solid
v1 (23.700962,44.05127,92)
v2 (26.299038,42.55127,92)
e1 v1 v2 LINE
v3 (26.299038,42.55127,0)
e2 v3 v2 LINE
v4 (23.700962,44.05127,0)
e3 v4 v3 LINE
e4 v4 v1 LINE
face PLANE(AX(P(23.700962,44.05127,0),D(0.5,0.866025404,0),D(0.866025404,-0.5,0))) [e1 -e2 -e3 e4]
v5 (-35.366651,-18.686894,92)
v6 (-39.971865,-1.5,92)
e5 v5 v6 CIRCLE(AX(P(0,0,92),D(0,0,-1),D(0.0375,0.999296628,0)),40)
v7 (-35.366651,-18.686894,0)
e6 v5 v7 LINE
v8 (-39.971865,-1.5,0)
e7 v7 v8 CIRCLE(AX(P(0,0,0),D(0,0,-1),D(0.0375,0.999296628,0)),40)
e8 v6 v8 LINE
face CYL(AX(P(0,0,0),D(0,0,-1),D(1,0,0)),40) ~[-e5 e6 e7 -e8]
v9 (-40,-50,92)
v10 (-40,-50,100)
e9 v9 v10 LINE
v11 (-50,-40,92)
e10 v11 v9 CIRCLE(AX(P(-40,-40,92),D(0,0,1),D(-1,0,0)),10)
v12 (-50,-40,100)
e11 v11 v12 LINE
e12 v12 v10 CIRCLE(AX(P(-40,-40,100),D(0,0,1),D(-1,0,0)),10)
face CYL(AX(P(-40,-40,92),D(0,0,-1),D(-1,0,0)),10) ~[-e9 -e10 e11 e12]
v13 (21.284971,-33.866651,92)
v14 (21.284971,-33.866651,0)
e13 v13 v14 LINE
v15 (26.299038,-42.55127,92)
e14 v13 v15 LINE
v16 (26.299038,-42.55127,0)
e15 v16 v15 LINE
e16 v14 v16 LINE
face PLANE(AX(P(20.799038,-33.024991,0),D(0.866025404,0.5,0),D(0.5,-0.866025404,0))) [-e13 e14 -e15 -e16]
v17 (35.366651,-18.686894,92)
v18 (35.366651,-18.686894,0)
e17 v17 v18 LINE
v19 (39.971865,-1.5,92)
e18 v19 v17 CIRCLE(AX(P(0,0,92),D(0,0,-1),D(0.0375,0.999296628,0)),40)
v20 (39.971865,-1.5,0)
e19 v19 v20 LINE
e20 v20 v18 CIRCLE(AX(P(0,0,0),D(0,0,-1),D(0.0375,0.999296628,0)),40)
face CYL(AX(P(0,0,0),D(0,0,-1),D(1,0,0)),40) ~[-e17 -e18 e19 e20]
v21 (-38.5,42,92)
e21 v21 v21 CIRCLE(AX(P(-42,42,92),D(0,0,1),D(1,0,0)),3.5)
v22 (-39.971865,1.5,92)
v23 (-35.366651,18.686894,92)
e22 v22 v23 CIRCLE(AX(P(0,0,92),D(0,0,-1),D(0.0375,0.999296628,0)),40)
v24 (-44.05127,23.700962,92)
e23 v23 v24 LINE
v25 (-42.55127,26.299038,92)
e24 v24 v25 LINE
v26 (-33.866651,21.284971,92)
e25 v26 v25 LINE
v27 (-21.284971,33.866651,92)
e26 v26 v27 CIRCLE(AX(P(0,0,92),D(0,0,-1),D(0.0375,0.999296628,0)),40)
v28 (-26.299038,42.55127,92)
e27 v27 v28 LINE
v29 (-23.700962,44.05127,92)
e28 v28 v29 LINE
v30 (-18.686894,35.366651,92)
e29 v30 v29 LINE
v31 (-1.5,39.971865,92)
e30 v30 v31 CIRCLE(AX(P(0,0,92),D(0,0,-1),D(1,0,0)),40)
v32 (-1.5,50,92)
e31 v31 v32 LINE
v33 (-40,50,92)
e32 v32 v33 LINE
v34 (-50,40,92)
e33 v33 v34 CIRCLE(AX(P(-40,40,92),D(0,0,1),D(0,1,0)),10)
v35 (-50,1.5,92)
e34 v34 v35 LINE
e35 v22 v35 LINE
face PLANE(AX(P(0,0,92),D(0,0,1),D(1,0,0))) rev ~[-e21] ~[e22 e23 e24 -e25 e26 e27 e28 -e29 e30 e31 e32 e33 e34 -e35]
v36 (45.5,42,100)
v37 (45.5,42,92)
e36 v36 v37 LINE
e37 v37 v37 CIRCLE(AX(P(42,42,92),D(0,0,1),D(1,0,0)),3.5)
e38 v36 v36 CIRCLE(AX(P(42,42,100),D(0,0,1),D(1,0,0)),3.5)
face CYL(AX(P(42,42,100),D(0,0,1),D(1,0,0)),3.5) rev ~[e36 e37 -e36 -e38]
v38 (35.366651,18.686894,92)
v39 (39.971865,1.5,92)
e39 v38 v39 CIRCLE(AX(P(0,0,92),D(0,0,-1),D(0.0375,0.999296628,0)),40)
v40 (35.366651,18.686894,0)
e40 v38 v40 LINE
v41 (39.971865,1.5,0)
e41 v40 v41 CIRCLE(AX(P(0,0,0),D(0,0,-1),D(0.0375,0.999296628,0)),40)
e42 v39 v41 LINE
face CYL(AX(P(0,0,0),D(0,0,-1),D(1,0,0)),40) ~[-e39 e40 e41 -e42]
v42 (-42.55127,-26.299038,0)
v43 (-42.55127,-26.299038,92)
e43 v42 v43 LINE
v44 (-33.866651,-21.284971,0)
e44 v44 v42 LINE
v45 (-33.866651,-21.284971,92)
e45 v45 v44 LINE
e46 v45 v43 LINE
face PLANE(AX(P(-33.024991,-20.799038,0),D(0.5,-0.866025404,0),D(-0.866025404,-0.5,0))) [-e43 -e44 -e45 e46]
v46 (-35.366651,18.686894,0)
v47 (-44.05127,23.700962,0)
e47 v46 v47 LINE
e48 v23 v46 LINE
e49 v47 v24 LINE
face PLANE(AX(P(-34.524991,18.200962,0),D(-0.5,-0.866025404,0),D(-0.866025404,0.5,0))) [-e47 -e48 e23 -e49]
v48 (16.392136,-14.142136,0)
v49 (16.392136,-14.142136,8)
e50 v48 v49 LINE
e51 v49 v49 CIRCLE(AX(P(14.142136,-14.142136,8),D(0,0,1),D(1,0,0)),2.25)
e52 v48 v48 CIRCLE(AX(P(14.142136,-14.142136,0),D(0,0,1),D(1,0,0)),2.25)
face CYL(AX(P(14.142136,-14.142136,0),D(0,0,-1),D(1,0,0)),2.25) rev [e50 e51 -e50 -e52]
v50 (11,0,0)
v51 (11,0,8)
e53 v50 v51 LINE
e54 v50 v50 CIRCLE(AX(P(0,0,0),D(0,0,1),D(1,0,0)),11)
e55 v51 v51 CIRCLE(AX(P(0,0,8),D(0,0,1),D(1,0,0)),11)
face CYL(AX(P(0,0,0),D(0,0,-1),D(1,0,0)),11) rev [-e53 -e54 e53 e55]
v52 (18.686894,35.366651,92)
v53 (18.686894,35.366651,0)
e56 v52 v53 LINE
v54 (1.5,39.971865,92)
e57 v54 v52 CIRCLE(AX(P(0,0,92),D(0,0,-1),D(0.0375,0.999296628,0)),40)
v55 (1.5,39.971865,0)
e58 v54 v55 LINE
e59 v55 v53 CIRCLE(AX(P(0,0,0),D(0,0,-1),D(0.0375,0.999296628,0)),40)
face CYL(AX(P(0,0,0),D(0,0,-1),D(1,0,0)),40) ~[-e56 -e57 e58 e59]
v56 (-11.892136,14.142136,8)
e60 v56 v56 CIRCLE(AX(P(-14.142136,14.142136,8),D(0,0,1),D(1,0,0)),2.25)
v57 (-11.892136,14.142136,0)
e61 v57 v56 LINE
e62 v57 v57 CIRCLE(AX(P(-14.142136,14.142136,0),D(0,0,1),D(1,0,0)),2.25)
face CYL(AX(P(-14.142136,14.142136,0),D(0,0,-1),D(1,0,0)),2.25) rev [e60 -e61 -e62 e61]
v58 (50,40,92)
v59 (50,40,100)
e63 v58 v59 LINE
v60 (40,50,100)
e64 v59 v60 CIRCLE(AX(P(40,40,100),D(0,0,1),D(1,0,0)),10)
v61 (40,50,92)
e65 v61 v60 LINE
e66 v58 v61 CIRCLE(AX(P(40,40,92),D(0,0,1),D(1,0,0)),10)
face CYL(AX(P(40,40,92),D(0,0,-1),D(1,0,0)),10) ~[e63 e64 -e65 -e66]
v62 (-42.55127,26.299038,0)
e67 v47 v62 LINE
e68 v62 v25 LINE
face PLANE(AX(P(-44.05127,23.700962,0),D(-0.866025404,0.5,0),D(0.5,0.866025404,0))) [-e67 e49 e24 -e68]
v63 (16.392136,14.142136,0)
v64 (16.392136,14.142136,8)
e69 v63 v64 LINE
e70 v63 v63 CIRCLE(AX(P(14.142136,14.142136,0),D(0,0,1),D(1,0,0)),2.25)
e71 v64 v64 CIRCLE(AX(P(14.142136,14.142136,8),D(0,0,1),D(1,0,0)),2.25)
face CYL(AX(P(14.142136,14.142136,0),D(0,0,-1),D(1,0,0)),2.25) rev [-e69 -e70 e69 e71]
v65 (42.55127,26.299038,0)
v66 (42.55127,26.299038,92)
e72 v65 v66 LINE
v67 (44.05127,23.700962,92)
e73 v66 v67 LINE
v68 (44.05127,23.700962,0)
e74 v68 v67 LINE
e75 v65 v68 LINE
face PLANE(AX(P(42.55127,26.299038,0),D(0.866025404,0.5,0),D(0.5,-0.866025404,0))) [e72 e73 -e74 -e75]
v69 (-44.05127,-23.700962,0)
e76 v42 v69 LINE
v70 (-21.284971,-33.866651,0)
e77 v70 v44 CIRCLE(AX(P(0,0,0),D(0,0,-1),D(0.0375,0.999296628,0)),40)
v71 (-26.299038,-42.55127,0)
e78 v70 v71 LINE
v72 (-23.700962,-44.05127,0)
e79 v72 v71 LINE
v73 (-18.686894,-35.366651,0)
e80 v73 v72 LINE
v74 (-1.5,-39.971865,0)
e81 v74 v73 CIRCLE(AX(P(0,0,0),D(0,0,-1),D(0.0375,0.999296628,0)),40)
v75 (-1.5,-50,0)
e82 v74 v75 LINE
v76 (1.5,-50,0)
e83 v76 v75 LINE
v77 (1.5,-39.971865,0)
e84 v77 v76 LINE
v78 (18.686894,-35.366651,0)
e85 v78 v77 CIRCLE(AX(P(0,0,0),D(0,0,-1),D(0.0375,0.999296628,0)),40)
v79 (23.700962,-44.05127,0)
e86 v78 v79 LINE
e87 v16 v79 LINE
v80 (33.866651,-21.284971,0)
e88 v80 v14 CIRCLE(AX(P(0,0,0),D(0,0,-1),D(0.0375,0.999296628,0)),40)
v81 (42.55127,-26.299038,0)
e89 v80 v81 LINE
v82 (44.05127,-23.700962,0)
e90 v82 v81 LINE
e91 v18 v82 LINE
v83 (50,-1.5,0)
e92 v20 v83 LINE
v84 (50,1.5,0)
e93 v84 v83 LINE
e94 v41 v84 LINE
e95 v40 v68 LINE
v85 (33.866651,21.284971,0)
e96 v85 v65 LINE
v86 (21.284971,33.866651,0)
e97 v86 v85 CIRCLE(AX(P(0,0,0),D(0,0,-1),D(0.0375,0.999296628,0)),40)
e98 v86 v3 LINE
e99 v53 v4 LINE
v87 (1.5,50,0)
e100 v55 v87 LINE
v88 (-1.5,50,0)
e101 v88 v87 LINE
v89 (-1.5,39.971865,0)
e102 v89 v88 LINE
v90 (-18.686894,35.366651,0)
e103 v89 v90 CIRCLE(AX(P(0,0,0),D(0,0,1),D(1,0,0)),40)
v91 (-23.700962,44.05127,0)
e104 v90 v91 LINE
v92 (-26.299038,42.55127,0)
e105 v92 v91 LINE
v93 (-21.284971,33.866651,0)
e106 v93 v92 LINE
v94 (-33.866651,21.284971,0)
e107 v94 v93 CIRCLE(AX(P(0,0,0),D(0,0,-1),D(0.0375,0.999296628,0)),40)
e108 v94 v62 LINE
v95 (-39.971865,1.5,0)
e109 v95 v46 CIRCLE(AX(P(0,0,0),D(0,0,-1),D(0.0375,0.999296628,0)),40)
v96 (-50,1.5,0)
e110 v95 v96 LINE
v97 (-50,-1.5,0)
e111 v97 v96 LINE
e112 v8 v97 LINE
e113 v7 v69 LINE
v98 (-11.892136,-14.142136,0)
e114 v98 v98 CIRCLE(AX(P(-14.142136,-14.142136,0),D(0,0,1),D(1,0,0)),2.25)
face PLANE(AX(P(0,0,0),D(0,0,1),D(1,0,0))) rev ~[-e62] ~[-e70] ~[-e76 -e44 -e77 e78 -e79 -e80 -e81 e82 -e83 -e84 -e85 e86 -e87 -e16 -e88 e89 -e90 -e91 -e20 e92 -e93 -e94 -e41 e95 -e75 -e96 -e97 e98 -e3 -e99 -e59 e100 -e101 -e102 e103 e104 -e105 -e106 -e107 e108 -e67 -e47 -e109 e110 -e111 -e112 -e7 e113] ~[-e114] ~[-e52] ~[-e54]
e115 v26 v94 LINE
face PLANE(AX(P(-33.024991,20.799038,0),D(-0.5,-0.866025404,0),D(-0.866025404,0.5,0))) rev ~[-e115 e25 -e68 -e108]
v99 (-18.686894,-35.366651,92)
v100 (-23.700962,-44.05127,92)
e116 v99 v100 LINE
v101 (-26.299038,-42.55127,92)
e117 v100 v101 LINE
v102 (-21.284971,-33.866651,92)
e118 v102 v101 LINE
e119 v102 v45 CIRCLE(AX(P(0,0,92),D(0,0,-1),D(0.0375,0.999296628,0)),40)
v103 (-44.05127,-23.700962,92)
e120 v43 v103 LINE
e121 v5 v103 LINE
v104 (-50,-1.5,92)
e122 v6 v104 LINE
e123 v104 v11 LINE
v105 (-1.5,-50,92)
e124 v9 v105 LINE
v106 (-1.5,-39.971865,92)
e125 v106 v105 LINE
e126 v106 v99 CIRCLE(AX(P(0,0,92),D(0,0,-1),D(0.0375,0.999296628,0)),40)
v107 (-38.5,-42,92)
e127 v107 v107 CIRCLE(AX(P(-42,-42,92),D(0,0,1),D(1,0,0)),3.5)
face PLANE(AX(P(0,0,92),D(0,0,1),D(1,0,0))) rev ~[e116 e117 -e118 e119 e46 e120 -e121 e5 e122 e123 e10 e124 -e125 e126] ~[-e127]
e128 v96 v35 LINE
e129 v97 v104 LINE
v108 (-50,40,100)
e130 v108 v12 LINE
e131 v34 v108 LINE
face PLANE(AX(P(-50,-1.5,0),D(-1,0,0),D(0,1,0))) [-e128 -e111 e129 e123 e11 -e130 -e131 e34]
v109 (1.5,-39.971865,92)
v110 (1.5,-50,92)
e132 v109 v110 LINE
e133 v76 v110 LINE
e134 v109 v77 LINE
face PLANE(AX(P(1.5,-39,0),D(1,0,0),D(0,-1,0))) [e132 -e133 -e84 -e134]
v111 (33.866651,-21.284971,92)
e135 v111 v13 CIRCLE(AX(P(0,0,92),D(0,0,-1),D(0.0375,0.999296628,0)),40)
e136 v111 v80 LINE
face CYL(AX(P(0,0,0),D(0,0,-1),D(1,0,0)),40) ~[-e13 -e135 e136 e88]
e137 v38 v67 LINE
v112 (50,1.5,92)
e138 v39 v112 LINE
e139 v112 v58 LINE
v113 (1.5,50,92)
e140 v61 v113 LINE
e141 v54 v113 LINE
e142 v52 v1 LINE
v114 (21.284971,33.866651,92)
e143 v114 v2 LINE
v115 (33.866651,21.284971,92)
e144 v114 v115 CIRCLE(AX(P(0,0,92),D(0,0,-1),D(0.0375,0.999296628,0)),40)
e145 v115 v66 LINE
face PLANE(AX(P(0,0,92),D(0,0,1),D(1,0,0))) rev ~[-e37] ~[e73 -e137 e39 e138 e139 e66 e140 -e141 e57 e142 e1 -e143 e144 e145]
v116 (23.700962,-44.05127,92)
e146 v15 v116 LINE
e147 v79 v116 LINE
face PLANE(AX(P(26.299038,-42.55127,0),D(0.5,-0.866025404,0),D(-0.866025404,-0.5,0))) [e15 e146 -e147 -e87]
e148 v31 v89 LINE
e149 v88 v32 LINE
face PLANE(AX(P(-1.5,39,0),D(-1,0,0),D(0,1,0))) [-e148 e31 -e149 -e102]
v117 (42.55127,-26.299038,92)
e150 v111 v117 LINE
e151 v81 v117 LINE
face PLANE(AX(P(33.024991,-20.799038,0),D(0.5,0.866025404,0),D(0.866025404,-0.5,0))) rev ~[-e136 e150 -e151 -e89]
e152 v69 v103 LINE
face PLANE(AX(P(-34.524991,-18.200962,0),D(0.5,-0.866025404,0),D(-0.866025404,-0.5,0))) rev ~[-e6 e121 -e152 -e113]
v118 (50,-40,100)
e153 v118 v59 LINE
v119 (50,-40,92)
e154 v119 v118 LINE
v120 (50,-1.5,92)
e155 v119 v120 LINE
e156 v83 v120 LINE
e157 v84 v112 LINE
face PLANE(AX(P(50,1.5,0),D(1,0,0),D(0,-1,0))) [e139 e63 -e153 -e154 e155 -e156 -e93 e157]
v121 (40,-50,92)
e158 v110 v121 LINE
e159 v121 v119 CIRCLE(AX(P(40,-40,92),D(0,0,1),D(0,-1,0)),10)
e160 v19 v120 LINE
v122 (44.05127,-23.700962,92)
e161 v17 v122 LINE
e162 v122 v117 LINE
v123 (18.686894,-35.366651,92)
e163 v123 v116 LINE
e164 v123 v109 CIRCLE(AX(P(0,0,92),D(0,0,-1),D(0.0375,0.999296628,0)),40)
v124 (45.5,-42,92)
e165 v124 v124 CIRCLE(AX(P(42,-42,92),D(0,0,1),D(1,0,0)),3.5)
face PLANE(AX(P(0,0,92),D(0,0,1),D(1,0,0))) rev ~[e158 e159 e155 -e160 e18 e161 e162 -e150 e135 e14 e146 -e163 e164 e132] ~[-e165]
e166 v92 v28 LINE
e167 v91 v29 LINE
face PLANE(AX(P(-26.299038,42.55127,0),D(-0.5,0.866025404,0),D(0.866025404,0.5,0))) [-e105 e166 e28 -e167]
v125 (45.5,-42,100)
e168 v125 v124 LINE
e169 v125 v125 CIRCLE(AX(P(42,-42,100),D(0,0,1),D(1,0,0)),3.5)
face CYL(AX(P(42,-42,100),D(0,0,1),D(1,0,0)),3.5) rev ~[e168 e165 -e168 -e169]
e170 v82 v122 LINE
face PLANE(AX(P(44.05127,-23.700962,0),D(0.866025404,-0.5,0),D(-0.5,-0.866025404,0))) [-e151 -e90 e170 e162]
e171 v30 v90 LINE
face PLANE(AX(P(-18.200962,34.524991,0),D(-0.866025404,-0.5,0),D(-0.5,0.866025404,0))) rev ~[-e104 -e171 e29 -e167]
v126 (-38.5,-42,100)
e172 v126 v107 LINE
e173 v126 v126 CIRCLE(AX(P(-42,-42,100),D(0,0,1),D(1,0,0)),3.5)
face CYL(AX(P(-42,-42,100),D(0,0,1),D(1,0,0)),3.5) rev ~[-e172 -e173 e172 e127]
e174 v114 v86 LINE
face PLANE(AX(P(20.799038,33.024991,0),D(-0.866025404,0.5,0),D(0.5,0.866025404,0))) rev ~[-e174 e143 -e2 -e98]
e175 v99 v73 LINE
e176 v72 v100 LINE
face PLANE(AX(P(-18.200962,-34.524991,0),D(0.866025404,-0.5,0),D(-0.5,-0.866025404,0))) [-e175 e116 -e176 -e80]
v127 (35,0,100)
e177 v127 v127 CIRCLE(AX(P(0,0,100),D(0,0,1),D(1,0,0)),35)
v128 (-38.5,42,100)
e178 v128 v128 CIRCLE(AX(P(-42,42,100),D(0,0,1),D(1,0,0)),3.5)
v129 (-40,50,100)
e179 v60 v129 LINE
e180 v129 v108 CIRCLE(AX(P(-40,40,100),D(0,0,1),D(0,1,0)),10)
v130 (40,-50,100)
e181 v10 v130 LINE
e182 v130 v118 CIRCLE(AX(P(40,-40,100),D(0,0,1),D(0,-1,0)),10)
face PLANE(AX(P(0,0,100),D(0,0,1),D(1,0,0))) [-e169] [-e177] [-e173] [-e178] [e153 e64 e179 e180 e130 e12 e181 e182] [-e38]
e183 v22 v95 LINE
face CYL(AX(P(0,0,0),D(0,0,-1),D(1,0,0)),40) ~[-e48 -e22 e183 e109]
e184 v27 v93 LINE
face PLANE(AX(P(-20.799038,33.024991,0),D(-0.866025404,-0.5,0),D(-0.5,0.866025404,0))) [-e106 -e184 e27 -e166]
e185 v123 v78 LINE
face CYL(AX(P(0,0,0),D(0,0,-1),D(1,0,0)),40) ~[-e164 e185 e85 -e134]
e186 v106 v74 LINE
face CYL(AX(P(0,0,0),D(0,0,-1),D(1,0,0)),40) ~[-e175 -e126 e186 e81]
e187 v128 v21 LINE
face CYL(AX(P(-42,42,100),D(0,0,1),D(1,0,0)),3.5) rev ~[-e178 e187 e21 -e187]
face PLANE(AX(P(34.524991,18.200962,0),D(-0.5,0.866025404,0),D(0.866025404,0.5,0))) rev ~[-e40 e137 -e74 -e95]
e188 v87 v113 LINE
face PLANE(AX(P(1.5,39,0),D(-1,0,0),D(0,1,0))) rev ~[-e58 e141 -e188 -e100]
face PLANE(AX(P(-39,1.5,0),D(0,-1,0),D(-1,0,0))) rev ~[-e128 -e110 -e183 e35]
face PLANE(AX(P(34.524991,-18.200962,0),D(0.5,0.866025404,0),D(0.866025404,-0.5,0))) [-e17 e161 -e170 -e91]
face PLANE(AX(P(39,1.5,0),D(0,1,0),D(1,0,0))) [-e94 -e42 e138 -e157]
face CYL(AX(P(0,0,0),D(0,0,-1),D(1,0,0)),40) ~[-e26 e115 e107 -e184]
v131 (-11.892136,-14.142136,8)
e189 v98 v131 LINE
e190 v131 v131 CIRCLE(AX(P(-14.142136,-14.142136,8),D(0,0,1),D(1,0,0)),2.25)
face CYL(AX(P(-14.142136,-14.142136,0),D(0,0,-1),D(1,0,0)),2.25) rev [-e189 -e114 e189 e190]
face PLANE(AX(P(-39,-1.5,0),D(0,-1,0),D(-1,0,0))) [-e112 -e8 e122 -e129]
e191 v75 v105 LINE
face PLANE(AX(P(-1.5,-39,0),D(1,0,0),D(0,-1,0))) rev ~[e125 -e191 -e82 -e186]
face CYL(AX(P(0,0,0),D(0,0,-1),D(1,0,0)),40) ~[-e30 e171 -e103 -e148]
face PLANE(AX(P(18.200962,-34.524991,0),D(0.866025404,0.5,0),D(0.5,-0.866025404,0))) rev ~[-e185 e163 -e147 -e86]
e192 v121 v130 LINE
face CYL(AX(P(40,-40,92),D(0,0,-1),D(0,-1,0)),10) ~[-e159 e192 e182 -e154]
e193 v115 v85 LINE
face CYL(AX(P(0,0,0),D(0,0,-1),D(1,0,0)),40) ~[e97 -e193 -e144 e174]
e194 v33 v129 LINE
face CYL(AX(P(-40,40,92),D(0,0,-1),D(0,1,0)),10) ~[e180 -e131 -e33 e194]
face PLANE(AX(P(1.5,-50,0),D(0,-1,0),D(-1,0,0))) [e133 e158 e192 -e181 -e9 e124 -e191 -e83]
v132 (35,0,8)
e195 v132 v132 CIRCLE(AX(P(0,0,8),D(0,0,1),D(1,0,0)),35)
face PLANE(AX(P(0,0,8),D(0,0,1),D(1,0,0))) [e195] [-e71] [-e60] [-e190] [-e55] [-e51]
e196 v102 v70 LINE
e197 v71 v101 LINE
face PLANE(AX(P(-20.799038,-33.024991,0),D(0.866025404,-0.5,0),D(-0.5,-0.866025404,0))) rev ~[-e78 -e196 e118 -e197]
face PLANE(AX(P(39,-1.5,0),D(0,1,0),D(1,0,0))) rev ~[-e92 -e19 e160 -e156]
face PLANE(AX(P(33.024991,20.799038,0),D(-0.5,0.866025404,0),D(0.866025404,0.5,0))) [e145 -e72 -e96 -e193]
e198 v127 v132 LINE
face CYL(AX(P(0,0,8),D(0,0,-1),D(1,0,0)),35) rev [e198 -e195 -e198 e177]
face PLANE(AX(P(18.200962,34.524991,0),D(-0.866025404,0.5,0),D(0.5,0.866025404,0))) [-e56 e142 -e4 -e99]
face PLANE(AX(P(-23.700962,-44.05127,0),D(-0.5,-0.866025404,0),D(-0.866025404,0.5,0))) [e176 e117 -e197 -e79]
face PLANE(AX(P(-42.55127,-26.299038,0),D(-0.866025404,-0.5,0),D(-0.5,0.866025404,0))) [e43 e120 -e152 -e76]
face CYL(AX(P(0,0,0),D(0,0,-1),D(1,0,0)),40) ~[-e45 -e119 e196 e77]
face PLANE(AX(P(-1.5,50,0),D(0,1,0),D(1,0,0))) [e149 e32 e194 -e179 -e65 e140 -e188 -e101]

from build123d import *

# Parameters (mm, degrees)
SKETCH_1_R               = 40
EXTRUDE_1_DEPTH          = 100
SKETCH_2_R               = 35
CUT_EXTRUDE_1_DEPTH      = 92
SKETCH_3_R               = 35
EXTRUDE_2_DEPTH          = 8
SKETCH_4_W               = 3
SKETCH_4_H               = 11
EXTRUDE_3_DEPTH          = 92
PATTERN_CIRCULAR_1_COUNT = 12
SKETCH_5_R               = 11
CUT_EXTRUDE_2_DEPTH      = 8
SKETCH_6_R               = 3.5
CUT_EXTRUDE_3_DEPTH      = 8
SKETCH_7_R               = 2.25
CUT_EXTRUDE_4_DEPTH      = 8


with BuildPart() as part:
    # 草图1 → 凸台-拉伸1 (new body)
    with BuildSketch(Plane.XY):
        Circle(SKETCH_1_R)
    extrude(amount=EXTRUDE_1_DEPTH)

    # 草图2 → 切除-拉伸1 (cut)
    with BuildSketch(Plane.XY.offset(8)):
        Circle(SKETCH_2_R)
    extrude(amount=CUT_EXTRUDE_1_DEPTH, mode=Mode.SUBTRACT)

    # 草图3 → 凸台-拉伸2 (add)
    with BuildSketch(Plane.XY.offset(92)):
        with BuildLine():
            Line((-40, -50), (40, -50))
            ThreePointArc((40, -50), (47.071067812, -47.071067812), (50, -40))
            Line((50, -40), (50, 40))
            ThreePointArc((50, 40), (47.071067812, 47.071067812), (40, 50))
            Line((40, 50), (-40, 50))
            ThreePointArc((-40, 50), (-47.071067812, 47.071067812), (-50, 40))
            Line((-50, 40), (-50, -40))
            ThreePointArc((-50, -40), (-47.071067812, -47.071067812), (-40, -50))
        make_face()
        Circle(SKETCH_3_R, mode=Mode.SUBTRACT)
    extrude(amount=EXTRUDE_2_DEPTH)

    # 草图4 → 凸台-拉伸3 (add)
    with BuildSketch(Plane.XY):
        with Locations((0, 44.5)):
            Rectangle(SKETCH_4_W, SKETCH_4_H)
    extrude_3 = extrude(amount=EXTRUDE_3_DEPTH)

    # 阵列(圆周)1: 凸台-拉伸3 ×12 about axis
    pattern_circular_1_axis = Axis((0, 0, 105), (0, 0, -1))
    for i in range(1, PATTERN_CIRCULAR_1_COUNT):
        add(extrude_3.rotate(pattern_circular_1_axis, i * 360 / PATTERN_CIRCULAR_1_COUNT))

    # 草图5 → 切除-拉伸2 (cut)
    with BuildSketch(Plane.XY):
        Circle(SKETCH_5_R)
    extrude(amount=CUT_EXTRUDE_2_DEPTH, mode=Mode.SUBTRACT)

    # 草图6 → 切除-拉伸3 (cut)
    with BuildSketch(Plane.XY.offset(100)):
        with Locations((42, 42)):
            Circle(SKETCH_6_R)
        with Locations((-42, 42)):
            Circle(SKETCH_6_R)
        with Locations((-42, -42)):
            Circle(SKETCH_6_R)
        with Locations((42, -42)):
            Circle(SKETCH_6_R)
    extrude(amount=-CUT_EXTRUDE_3_DEPTH, mode=Mode.SUBTRACT)

    # 草图7 → 切除-拉伸4 (cut)
    with BuildSketch(Plane.XY):
        with Locations((14.142136, 14.142136)):
            Circle(SKETCH_7_R)
        with Locations((-14.142136, 14.142136)):
            Circle(SKETCH_7_R)
        with Locations((-14.142136, -14.142136)):
            Circle(SKETCH_7_R)
        with Locations((14.142136, -14.142136)):
            Circle(SKETCH_7_R)
    extrude(amount=CUT_EXTRUDE_4_DEPTH, mode=Mode.SUBTRACT)


solid = part.part
